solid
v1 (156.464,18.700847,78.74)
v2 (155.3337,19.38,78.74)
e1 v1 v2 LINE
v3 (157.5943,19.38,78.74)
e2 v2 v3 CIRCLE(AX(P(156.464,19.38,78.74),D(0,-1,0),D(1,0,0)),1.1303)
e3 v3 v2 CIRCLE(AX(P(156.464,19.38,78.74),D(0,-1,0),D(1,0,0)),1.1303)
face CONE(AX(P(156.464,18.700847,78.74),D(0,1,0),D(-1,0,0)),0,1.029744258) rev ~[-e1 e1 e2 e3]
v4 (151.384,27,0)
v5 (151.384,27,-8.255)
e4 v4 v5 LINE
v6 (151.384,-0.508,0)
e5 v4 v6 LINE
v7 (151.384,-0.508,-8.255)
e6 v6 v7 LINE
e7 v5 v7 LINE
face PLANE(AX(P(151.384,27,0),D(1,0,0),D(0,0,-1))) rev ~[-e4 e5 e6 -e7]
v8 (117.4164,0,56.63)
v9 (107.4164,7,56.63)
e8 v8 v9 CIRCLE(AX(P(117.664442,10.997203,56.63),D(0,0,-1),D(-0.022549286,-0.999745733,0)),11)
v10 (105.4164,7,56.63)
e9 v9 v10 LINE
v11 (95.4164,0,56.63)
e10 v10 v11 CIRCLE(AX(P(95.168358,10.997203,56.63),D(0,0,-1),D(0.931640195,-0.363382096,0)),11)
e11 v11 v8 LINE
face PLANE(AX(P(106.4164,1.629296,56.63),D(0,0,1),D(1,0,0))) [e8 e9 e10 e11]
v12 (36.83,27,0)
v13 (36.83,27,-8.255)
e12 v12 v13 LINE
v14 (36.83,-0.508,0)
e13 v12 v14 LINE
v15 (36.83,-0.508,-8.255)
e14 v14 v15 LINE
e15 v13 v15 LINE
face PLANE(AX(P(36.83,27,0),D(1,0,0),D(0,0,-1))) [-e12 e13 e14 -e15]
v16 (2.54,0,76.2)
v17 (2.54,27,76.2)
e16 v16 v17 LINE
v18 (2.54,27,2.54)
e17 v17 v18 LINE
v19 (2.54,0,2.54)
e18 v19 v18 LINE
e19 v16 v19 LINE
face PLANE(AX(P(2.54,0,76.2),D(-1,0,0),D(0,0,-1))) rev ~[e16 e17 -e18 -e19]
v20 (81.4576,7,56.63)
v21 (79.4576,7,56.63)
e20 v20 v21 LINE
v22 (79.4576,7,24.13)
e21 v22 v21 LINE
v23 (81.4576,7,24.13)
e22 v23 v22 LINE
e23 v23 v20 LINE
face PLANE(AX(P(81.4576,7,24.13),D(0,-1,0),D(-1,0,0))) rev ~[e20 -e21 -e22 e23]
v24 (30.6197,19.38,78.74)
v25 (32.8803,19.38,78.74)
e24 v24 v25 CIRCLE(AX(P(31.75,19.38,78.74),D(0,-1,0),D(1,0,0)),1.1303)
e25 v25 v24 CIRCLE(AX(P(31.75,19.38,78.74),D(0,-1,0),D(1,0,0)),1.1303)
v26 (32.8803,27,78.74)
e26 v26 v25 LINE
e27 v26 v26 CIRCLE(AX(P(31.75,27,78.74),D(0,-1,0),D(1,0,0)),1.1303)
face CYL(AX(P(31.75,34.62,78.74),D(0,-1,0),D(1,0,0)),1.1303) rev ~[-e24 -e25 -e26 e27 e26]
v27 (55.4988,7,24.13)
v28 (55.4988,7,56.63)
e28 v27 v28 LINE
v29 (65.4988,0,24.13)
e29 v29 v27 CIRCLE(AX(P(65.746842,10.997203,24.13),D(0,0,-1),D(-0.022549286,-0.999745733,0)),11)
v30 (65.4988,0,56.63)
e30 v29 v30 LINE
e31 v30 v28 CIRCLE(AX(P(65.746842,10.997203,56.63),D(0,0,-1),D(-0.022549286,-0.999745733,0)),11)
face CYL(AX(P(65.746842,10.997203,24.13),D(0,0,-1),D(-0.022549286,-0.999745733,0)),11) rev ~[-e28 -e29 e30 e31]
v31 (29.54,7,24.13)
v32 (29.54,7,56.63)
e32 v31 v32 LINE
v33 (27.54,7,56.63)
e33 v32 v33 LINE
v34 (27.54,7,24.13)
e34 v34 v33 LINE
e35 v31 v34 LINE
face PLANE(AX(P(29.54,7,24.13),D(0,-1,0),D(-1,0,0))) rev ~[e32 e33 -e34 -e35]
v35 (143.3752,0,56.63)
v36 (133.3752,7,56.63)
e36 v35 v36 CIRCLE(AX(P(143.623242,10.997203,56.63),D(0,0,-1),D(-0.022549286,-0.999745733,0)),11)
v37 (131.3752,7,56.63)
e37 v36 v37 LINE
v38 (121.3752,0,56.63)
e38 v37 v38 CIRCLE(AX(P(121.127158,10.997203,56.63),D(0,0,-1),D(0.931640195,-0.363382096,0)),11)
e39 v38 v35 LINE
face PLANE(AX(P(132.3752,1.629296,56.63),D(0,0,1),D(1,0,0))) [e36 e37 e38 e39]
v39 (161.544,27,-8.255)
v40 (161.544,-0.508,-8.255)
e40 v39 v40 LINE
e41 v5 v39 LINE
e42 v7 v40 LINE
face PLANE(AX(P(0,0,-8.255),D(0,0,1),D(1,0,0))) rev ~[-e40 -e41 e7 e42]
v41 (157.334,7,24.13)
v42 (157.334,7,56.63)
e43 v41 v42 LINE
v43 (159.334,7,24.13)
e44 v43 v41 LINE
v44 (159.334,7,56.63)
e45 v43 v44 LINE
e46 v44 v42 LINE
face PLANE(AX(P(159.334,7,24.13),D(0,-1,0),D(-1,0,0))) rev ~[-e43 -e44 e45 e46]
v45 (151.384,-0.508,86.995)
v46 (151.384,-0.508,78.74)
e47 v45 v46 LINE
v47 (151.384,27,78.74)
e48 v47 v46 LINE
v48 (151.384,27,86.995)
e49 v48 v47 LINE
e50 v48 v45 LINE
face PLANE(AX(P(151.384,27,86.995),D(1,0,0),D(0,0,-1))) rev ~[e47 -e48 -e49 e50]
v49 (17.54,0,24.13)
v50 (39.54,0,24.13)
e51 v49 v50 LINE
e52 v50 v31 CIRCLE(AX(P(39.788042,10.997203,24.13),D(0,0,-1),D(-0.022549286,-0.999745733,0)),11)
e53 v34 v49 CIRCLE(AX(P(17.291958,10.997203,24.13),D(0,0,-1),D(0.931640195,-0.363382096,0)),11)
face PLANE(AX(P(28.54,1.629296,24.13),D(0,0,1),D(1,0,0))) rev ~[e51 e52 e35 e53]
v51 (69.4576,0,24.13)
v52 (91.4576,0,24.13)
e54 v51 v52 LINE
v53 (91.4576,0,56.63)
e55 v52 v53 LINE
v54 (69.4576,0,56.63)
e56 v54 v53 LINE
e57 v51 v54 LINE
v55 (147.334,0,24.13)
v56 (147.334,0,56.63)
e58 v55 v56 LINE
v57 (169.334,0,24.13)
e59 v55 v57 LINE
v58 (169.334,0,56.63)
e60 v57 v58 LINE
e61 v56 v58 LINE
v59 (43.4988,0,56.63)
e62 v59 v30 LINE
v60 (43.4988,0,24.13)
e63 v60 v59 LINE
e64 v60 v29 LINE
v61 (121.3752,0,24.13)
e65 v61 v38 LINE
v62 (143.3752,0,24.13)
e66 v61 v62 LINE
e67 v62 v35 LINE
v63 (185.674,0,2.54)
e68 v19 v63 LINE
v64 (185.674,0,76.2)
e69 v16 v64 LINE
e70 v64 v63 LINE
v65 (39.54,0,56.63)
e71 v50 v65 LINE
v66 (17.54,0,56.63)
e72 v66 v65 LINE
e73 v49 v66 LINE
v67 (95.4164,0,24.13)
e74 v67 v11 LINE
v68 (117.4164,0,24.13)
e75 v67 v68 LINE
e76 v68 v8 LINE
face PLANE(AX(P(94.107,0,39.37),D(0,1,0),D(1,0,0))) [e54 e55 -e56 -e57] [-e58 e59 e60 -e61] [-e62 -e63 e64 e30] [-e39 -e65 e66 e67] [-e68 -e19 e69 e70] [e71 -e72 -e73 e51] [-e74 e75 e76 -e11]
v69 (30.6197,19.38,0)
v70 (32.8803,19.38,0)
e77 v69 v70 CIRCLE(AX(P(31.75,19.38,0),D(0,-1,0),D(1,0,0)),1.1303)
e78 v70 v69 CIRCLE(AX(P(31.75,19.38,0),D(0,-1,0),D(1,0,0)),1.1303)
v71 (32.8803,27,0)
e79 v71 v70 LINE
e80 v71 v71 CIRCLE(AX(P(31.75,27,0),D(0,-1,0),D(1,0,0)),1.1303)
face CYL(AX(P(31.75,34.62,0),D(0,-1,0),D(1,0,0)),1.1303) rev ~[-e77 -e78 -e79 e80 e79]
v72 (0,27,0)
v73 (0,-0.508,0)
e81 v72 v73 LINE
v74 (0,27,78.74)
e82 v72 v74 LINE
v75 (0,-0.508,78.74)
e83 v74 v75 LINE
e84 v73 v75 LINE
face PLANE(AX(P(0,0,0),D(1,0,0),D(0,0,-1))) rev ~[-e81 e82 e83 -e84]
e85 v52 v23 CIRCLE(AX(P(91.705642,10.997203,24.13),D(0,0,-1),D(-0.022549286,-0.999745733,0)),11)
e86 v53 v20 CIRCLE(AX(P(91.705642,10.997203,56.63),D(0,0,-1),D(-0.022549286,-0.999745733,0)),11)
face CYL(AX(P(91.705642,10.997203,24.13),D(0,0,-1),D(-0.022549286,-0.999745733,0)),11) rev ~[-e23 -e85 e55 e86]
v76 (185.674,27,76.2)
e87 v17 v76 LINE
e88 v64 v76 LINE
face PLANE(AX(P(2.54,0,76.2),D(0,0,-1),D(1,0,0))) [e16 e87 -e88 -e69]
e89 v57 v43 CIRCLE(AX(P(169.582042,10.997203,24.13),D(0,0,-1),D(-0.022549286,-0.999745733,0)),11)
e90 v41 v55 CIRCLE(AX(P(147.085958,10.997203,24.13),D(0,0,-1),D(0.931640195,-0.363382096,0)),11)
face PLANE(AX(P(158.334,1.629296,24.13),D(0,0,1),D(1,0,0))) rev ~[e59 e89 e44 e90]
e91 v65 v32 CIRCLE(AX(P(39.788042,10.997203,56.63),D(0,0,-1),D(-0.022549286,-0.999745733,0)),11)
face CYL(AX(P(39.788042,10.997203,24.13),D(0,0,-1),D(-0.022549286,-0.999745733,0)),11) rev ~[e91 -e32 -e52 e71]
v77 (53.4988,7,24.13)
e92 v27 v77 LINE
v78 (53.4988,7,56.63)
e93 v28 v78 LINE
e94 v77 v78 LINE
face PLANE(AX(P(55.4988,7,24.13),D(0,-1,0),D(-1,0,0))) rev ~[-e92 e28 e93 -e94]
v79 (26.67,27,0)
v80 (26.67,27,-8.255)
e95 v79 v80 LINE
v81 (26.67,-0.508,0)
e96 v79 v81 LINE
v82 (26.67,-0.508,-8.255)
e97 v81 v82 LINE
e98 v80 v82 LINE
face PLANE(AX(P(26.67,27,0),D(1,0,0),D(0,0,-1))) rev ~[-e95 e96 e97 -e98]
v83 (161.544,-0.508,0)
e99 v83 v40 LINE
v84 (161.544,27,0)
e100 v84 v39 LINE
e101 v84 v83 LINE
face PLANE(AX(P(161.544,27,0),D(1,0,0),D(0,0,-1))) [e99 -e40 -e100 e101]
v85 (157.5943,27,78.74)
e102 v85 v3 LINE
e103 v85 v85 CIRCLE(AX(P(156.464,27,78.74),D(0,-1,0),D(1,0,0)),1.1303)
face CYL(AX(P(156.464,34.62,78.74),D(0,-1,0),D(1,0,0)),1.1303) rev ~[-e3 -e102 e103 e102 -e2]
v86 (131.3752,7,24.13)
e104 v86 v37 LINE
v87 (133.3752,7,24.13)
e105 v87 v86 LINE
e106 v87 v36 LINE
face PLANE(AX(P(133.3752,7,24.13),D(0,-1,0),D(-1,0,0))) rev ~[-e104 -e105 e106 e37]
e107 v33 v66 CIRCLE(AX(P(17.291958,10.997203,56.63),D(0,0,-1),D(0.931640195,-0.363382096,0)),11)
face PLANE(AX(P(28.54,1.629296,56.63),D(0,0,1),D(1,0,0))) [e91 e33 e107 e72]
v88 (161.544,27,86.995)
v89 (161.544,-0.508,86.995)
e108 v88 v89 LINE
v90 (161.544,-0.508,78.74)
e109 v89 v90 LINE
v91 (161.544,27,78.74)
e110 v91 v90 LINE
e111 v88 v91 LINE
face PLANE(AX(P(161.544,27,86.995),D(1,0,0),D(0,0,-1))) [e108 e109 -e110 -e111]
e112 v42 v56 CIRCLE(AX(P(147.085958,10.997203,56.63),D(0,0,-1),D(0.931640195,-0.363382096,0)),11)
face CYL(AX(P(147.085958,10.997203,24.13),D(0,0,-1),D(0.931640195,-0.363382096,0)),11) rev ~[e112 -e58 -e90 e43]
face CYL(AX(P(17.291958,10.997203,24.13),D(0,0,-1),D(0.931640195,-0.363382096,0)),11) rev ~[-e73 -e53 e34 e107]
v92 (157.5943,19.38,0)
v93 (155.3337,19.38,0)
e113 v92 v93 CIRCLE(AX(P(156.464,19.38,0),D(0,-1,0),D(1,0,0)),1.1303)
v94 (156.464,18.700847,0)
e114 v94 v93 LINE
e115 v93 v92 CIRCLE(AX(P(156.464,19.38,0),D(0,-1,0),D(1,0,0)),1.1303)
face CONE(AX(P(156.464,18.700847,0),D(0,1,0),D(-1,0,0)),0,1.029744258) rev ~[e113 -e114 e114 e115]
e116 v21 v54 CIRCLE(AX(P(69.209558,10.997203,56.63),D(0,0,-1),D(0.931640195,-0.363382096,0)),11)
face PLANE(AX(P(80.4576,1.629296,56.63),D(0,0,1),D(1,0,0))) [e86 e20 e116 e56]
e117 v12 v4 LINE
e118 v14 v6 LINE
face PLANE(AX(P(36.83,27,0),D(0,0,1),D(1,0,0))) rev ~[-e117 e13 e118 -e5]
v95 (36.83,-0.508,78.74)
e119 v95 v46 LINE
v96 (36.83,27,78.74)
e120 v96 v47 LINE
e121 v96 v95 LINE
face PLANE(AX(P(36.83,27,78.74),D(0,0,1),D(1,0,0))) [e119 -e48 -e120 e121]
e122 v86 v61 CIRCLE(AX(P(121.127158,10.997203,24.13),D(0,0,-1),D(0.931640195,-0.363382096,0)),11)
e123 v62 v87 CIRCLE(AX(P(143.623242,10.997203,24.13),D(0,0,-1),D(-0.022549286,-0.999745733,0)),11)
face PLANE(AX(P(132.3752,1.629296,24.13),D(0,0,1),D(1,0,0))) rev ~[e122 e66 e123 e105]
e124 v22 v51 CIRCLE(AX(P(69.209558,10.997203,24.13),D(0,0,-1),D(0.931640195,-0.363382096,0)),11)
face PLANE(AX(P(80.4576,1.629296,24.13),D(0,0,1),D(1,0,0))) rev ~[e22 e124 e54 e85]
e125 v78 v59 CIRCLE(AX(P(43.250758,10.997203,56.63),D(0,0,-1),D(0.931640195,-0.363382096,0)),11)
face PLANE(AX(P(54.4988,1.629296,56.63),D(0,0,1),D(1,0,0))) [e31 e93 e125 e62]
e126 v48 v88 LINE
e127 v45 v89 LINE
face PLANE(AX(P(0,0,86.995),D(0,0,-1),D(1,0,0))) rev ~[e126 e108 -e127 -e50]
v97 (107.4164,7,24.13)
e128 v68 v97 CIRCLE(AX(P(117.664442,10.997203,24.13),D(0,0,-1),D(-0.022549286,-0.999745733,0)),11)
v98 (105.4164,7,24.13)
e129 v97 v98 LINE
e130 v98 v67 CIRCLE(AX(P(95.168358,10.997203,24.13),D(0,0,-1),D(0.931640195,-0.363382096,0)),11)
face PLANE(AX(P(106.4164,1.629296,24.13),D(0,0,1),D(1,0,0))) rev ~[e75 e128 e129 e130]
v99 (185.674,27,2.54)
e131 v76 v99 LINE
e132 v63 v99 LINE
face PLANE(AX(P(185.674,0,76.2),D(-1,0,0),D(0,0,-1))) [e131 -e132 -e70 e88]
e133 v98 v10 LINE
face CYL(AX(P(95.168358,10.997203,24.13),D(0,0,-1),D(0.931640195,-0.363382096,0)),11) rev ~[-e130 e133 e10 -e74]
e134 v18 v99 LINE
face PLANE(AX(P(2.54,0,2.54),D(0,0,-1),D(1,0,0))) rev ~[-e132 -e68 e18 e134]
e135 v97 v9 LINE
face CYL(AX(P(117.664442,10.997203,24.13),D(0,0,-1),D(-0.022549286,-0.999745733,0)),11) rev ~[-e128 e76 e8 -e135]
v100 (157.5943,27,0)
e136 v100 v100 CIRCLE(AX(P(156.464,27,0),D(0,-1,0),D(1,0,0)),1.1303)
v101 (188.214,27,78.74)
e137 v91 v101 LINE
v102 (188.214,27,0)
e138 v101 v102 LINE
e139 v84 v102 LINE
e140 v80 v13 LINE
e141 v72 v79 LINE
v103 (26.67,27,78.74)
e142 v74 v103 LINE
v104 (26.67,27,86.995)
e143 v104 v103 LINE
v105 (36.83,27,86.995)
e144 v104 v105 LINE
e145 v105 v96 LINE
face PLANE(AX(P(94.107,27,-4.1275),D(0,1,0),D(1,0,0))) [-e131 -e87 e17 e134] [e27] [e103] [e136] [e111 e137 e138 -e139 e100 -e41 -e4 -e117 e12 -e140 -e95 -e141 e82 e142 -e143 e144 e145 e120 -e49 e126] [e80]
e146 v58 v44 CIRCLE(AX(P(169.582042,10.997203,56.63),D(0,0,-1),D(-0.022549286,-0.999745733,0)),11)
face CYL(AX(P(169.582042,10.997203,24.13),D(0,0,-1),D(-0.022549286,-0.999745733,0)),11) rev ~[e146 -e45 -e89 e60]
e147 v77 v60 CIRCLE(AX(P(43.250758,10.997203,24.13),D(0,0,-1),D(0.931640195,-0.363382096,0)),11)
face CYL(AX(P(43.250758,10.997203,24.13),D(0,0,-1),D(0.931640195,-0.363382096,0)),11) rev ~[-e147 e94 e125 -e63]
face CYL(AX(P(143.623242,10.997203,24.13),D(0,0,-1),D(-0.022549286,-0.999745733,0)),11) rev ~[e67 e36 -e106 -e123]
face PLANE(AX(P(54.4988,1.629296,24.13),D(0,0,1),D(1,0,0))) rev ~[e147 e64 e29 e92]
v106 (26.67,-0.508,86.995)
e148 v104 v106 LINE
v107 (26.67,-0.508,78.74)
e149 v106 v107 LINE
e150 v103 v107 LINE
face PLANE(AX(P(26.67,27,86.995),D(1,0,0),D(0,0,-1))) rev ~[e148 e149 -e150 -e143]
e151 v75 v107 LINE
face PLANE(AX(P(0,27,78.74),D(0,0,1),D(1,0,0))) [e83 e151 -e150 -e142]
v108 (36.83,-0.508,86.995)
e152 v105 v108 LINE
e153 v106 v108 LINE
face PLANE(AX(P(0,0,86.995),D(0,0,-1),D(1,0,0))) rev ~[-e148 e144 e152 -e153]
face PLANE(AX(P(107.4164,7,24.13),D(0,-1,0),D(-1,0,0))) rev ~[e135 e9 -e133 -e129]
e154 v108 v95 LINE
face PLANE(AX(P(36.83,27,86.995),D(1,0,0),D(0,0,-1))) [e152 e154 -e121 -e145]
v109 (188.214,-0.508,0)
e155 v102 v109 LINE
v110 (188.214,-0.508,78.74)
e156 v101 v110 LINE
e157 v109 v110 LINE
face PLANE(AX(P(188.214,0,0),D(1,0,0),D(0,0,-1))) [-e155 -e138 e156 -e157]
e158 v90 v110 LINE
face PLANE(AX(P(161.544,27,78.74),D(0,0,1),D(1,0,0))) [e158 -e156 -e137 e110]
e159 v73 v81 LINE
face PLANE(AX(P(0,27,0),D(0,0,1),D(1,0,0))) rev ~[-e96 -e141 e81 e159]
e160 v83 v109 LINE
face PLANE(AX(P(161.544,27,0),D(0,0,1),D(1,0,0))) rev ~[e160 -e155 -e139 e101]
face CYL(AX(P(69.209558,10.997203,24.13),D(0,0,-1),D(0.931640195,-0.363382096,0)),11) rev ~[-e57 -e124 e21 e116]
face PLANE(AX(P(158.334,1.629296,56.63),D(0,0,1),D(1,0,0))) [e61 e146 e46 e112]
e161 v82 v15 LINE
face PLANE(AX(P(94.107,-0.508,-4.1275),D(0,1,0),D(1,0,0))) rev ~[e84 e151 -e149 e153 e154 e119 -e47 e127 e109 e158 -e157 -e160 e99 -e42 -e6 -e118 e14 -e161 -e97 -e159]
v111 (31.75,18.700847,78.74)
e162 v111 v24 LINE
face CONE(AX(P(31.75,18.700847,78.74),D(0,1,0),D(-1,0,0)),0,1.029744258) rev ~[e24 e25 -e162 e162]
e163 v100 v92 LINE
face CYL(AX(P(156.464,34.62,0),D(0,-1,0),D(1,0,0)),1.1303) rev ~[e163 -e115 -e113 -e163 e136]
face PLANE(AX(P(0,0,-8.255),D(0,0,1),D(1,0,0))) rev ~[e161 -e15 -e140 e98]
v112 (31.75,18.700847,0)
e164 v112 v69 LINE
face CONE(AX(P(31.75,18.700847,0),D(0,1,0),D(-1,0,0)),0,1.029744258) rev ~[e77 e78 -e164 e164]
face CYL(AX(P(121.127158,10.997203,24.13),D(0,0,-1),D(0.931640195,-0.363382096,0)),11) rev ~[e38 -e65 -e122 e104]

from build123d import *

# Parameters (mm, degrees)
SKETCH1_W                 = 188.214
SKETCH1_H                 = 78.74
BOSS_EXTRUDE1_DEPTH       = 0.508
SKETCH1_3_W               = 188.214
SKETCH1_3_H               = 8.255
SKETCH1_3_H_2             = 78.74
SKETCH1_3_W_2             = 183.134
SKETCH1_3_H_3             = 73.66
BOSS_EXTRUDE2_DEPTH       = 27
BOSS_EXTRUDE3_START       = 21.59
BOSS_EXTRUDE3_DEPTH       = 32.5
SKETCH1_4_W               = 188.214
SKETCH1_4_H               = 8.255
BOSS_EXTRUDE4_DEPTH       = 0.508
F_4_40_TAPPED_HOLE2_D     = 2.2606
F_4_40_TAPPED_HOLE2_DEPTH = 7.62
F_4_40_TAPPED_HOLE2_TIP   = 0.679152758
SKETCH11_W                = 114.554
SKETCH11_H                = 8.255
SKETCH11_W_2              = 26.67
CUT_EXTRUDE1_DEPTH        = 28.508


with BuildPart() as part:
    # Sketch1 → Boss-Extrude1 (new body)
    with BuildSketch(Plane(origin=(0, 0, 0), x_dir=(1, 0, 0), z_dir=(0, 1, 0))):
        with Locations((94.107, -39.37)):
            Rectangle(SKETCH1_W, SKETCH1_H)
    extrude(amount=-BOSS_EXTRUDE1_DEPTH)

    # Sketch1<3> → Boss-Extrude2 (add)
    with BuildSketch(Plane(origin=(0, 0, 0), x_dir=(1, 0, 0), z_dir=(0, 1, 0))):
        with Locations((94.107, 4.1275)):
            Rectangle(SKETCH1_3_W, SKETCH1_3_H)
        with Locations((94.107, -82.8675)):
            Rectangle(SKETCH1_3_W, SKETCH1_3_H)
        with Locations((94.107, -39.37)):
            Rectangle(SKETCH1_3_W, SKETCH1_3_H_2)
        with Locations((94.107, -39.37)):
            Rectangle(SKETCH1_3_W_2, SKETCH1_3_H_3, mode=Mode.SUBTRACT)
    extrude(amount=BOSS_EXTRUDE2_DEPTH)

    # Sketch5 → Boss-Extrude3 (add)
    with BuildSketch(Plane.XY.offset(2.54).offset(BOSS_EXTRUDE3_START)):
        with BuildLine():
            Line((29.54, 7), (27.54, 7))
            ThreePointArc((27.54, 7), (23.600043647, 1.985651932), (17.54, 0))
            Line((17.54, 0), (39.54, 0))
            ThreePointArc((39.54, 0), (33.479956353, 1.985651932), (29.54, 7))
        make_face()
        with BuildLine():
            Line((55.4988, 7), (53.4988, 7))
            ThreePointArc((53.4988, 7), (49.558843647, 1.985651932), (43.4988, 0))
            Line((43.4988, 0), (65.4988, 0))
            ThreePointArc((65.4988, 0), (59.438756353, 1.985651932), (55.4988, 7))
        make_face()
        with BuildLine():
            Line((81.4576, 7), (79.4576, 7))
            ThreePointArc((79.4576, 7), (75.517643647, 1.985651932), (69.4576, 0))
            Line((69.4576, 0), (91.4576, 0))
            ThreePointArc((91.4576, 0), (85.397556353, 1.985651932), (81.4576, 7))
        make_face()
        with BuildLine():
            Line((107.4164, 7), (105.4164, 7))
            ThreePointArc((105.4164, 7), (101.476443647, 1.985651932), (95.4164, 0))
            Line((95.4164, 0), (117.4164, 0))
            ThreePointArc((117.4164, 0), (111.356356353, 1.985651932), (107.4164, 7))
        make_face()
        with BuildLine():
            Line((133.3752, 7), (131.3752, 7))
            ThreePointArc((131.3752, 7), (127.435243647, 1.985651932), (121.3752, 0))
            Line((121.3752, 0), (143.3752, 0))
            ThreePointArc((143.3752, 0), (137.315156353, 1.985651932), (133.3752, 7))
        make_face()
        with BuildLine():
            Line((159.334, 7), (157.334, 7))
            ThreePointArc((157.334, 7), (153.394043647, 1.985651932), (147.334, 0))
            Line((147.334, 0), (169.334, 0))
            ThreePointArc((169.334, 0), (163.273956353, 1.985651932), (159.334, 7))
        make_face()
    extrude(amount=BOSS_EXTRUDE3_DEPTH)

    # Sketch1<4> → Boss-Extrude4 (add)
    with BuildSketch(Plane(origin=(0, 0, 0), x_dir=(1, 0, 0), z_dir=(0, 1, 0))):
        with Locations((94.107, 4.1275)):
            Rectangle(SKETCH1_4_W, SKETCH1_4_H)
        with Locations((94.107, -82.8675)):
            Rectangle(SKETCH1_4_W, SKETCH1_4_H)
    extrude(amount=-BOSS_EXTRUDE4_DEPTH)

    # #4-40 Tapped Hole2
    with Locations(Plane(origin=(0, 27, 0), x_dir=(-1, 0, 0), z_dir=(0, 1, 0))):
        with Locations((-31.75, 0), (-156.464, 0), (-31.75, 78.74), (-156.464, 78.74)):
            Hole(F_4_40_TAPPED_HOLE2_D / 2, depth=F_4_40_TAPPED_HOLE2_DEPTH)
            with Locations((0, 0, -(F_4_40_TAPPED_HOLE2_DEPTH + F_4_40_TAPPED_HOLE2_TIP / 2))):  # 118° drill point
                Cone(0, F_4_40_TAPPED_HOLE2_D / 2, F_4_40_TAPPED_HOLE2_TIP, mode=Mode.SUBTRACT)

    # Sketch11 → Cut-Extrude1 (cut, through all)
    with BuildSketch(Plane(origin=(0, 27, 0), x_dir=(1, 0, 0), z_dir=(0, 1, 0))):
        with Locations((94.107, 4.1275)):
            Rectangle(SKETCH11_W, SKETCH11_H)
        with Locations((94.107, -82.8675)):
            Rectangle(SKETCH11_W, SKETCH11_H)
        with Locations((13.335, 4.1275)):
            Rectangle(SKETCH11_W_2, SKETCH11_H)
        with Locations((174.879, 4.1275)):
            Rectangle(SKETCH11_W_2, SKETCH11_H)
        with Locations((174.879, -82.8675)):
            Rectangle(SKETCH11_W_2, SKETCH11_H)
        with Locations((13.335, -82.8675)):
            Rectangle(SKETCH11_W_2, SKETCH11_H)
    extrude(amount=-CUT_EXTRUDE1_DEPTH, mode=Mode.SUBTRACT)


solid = part.part
